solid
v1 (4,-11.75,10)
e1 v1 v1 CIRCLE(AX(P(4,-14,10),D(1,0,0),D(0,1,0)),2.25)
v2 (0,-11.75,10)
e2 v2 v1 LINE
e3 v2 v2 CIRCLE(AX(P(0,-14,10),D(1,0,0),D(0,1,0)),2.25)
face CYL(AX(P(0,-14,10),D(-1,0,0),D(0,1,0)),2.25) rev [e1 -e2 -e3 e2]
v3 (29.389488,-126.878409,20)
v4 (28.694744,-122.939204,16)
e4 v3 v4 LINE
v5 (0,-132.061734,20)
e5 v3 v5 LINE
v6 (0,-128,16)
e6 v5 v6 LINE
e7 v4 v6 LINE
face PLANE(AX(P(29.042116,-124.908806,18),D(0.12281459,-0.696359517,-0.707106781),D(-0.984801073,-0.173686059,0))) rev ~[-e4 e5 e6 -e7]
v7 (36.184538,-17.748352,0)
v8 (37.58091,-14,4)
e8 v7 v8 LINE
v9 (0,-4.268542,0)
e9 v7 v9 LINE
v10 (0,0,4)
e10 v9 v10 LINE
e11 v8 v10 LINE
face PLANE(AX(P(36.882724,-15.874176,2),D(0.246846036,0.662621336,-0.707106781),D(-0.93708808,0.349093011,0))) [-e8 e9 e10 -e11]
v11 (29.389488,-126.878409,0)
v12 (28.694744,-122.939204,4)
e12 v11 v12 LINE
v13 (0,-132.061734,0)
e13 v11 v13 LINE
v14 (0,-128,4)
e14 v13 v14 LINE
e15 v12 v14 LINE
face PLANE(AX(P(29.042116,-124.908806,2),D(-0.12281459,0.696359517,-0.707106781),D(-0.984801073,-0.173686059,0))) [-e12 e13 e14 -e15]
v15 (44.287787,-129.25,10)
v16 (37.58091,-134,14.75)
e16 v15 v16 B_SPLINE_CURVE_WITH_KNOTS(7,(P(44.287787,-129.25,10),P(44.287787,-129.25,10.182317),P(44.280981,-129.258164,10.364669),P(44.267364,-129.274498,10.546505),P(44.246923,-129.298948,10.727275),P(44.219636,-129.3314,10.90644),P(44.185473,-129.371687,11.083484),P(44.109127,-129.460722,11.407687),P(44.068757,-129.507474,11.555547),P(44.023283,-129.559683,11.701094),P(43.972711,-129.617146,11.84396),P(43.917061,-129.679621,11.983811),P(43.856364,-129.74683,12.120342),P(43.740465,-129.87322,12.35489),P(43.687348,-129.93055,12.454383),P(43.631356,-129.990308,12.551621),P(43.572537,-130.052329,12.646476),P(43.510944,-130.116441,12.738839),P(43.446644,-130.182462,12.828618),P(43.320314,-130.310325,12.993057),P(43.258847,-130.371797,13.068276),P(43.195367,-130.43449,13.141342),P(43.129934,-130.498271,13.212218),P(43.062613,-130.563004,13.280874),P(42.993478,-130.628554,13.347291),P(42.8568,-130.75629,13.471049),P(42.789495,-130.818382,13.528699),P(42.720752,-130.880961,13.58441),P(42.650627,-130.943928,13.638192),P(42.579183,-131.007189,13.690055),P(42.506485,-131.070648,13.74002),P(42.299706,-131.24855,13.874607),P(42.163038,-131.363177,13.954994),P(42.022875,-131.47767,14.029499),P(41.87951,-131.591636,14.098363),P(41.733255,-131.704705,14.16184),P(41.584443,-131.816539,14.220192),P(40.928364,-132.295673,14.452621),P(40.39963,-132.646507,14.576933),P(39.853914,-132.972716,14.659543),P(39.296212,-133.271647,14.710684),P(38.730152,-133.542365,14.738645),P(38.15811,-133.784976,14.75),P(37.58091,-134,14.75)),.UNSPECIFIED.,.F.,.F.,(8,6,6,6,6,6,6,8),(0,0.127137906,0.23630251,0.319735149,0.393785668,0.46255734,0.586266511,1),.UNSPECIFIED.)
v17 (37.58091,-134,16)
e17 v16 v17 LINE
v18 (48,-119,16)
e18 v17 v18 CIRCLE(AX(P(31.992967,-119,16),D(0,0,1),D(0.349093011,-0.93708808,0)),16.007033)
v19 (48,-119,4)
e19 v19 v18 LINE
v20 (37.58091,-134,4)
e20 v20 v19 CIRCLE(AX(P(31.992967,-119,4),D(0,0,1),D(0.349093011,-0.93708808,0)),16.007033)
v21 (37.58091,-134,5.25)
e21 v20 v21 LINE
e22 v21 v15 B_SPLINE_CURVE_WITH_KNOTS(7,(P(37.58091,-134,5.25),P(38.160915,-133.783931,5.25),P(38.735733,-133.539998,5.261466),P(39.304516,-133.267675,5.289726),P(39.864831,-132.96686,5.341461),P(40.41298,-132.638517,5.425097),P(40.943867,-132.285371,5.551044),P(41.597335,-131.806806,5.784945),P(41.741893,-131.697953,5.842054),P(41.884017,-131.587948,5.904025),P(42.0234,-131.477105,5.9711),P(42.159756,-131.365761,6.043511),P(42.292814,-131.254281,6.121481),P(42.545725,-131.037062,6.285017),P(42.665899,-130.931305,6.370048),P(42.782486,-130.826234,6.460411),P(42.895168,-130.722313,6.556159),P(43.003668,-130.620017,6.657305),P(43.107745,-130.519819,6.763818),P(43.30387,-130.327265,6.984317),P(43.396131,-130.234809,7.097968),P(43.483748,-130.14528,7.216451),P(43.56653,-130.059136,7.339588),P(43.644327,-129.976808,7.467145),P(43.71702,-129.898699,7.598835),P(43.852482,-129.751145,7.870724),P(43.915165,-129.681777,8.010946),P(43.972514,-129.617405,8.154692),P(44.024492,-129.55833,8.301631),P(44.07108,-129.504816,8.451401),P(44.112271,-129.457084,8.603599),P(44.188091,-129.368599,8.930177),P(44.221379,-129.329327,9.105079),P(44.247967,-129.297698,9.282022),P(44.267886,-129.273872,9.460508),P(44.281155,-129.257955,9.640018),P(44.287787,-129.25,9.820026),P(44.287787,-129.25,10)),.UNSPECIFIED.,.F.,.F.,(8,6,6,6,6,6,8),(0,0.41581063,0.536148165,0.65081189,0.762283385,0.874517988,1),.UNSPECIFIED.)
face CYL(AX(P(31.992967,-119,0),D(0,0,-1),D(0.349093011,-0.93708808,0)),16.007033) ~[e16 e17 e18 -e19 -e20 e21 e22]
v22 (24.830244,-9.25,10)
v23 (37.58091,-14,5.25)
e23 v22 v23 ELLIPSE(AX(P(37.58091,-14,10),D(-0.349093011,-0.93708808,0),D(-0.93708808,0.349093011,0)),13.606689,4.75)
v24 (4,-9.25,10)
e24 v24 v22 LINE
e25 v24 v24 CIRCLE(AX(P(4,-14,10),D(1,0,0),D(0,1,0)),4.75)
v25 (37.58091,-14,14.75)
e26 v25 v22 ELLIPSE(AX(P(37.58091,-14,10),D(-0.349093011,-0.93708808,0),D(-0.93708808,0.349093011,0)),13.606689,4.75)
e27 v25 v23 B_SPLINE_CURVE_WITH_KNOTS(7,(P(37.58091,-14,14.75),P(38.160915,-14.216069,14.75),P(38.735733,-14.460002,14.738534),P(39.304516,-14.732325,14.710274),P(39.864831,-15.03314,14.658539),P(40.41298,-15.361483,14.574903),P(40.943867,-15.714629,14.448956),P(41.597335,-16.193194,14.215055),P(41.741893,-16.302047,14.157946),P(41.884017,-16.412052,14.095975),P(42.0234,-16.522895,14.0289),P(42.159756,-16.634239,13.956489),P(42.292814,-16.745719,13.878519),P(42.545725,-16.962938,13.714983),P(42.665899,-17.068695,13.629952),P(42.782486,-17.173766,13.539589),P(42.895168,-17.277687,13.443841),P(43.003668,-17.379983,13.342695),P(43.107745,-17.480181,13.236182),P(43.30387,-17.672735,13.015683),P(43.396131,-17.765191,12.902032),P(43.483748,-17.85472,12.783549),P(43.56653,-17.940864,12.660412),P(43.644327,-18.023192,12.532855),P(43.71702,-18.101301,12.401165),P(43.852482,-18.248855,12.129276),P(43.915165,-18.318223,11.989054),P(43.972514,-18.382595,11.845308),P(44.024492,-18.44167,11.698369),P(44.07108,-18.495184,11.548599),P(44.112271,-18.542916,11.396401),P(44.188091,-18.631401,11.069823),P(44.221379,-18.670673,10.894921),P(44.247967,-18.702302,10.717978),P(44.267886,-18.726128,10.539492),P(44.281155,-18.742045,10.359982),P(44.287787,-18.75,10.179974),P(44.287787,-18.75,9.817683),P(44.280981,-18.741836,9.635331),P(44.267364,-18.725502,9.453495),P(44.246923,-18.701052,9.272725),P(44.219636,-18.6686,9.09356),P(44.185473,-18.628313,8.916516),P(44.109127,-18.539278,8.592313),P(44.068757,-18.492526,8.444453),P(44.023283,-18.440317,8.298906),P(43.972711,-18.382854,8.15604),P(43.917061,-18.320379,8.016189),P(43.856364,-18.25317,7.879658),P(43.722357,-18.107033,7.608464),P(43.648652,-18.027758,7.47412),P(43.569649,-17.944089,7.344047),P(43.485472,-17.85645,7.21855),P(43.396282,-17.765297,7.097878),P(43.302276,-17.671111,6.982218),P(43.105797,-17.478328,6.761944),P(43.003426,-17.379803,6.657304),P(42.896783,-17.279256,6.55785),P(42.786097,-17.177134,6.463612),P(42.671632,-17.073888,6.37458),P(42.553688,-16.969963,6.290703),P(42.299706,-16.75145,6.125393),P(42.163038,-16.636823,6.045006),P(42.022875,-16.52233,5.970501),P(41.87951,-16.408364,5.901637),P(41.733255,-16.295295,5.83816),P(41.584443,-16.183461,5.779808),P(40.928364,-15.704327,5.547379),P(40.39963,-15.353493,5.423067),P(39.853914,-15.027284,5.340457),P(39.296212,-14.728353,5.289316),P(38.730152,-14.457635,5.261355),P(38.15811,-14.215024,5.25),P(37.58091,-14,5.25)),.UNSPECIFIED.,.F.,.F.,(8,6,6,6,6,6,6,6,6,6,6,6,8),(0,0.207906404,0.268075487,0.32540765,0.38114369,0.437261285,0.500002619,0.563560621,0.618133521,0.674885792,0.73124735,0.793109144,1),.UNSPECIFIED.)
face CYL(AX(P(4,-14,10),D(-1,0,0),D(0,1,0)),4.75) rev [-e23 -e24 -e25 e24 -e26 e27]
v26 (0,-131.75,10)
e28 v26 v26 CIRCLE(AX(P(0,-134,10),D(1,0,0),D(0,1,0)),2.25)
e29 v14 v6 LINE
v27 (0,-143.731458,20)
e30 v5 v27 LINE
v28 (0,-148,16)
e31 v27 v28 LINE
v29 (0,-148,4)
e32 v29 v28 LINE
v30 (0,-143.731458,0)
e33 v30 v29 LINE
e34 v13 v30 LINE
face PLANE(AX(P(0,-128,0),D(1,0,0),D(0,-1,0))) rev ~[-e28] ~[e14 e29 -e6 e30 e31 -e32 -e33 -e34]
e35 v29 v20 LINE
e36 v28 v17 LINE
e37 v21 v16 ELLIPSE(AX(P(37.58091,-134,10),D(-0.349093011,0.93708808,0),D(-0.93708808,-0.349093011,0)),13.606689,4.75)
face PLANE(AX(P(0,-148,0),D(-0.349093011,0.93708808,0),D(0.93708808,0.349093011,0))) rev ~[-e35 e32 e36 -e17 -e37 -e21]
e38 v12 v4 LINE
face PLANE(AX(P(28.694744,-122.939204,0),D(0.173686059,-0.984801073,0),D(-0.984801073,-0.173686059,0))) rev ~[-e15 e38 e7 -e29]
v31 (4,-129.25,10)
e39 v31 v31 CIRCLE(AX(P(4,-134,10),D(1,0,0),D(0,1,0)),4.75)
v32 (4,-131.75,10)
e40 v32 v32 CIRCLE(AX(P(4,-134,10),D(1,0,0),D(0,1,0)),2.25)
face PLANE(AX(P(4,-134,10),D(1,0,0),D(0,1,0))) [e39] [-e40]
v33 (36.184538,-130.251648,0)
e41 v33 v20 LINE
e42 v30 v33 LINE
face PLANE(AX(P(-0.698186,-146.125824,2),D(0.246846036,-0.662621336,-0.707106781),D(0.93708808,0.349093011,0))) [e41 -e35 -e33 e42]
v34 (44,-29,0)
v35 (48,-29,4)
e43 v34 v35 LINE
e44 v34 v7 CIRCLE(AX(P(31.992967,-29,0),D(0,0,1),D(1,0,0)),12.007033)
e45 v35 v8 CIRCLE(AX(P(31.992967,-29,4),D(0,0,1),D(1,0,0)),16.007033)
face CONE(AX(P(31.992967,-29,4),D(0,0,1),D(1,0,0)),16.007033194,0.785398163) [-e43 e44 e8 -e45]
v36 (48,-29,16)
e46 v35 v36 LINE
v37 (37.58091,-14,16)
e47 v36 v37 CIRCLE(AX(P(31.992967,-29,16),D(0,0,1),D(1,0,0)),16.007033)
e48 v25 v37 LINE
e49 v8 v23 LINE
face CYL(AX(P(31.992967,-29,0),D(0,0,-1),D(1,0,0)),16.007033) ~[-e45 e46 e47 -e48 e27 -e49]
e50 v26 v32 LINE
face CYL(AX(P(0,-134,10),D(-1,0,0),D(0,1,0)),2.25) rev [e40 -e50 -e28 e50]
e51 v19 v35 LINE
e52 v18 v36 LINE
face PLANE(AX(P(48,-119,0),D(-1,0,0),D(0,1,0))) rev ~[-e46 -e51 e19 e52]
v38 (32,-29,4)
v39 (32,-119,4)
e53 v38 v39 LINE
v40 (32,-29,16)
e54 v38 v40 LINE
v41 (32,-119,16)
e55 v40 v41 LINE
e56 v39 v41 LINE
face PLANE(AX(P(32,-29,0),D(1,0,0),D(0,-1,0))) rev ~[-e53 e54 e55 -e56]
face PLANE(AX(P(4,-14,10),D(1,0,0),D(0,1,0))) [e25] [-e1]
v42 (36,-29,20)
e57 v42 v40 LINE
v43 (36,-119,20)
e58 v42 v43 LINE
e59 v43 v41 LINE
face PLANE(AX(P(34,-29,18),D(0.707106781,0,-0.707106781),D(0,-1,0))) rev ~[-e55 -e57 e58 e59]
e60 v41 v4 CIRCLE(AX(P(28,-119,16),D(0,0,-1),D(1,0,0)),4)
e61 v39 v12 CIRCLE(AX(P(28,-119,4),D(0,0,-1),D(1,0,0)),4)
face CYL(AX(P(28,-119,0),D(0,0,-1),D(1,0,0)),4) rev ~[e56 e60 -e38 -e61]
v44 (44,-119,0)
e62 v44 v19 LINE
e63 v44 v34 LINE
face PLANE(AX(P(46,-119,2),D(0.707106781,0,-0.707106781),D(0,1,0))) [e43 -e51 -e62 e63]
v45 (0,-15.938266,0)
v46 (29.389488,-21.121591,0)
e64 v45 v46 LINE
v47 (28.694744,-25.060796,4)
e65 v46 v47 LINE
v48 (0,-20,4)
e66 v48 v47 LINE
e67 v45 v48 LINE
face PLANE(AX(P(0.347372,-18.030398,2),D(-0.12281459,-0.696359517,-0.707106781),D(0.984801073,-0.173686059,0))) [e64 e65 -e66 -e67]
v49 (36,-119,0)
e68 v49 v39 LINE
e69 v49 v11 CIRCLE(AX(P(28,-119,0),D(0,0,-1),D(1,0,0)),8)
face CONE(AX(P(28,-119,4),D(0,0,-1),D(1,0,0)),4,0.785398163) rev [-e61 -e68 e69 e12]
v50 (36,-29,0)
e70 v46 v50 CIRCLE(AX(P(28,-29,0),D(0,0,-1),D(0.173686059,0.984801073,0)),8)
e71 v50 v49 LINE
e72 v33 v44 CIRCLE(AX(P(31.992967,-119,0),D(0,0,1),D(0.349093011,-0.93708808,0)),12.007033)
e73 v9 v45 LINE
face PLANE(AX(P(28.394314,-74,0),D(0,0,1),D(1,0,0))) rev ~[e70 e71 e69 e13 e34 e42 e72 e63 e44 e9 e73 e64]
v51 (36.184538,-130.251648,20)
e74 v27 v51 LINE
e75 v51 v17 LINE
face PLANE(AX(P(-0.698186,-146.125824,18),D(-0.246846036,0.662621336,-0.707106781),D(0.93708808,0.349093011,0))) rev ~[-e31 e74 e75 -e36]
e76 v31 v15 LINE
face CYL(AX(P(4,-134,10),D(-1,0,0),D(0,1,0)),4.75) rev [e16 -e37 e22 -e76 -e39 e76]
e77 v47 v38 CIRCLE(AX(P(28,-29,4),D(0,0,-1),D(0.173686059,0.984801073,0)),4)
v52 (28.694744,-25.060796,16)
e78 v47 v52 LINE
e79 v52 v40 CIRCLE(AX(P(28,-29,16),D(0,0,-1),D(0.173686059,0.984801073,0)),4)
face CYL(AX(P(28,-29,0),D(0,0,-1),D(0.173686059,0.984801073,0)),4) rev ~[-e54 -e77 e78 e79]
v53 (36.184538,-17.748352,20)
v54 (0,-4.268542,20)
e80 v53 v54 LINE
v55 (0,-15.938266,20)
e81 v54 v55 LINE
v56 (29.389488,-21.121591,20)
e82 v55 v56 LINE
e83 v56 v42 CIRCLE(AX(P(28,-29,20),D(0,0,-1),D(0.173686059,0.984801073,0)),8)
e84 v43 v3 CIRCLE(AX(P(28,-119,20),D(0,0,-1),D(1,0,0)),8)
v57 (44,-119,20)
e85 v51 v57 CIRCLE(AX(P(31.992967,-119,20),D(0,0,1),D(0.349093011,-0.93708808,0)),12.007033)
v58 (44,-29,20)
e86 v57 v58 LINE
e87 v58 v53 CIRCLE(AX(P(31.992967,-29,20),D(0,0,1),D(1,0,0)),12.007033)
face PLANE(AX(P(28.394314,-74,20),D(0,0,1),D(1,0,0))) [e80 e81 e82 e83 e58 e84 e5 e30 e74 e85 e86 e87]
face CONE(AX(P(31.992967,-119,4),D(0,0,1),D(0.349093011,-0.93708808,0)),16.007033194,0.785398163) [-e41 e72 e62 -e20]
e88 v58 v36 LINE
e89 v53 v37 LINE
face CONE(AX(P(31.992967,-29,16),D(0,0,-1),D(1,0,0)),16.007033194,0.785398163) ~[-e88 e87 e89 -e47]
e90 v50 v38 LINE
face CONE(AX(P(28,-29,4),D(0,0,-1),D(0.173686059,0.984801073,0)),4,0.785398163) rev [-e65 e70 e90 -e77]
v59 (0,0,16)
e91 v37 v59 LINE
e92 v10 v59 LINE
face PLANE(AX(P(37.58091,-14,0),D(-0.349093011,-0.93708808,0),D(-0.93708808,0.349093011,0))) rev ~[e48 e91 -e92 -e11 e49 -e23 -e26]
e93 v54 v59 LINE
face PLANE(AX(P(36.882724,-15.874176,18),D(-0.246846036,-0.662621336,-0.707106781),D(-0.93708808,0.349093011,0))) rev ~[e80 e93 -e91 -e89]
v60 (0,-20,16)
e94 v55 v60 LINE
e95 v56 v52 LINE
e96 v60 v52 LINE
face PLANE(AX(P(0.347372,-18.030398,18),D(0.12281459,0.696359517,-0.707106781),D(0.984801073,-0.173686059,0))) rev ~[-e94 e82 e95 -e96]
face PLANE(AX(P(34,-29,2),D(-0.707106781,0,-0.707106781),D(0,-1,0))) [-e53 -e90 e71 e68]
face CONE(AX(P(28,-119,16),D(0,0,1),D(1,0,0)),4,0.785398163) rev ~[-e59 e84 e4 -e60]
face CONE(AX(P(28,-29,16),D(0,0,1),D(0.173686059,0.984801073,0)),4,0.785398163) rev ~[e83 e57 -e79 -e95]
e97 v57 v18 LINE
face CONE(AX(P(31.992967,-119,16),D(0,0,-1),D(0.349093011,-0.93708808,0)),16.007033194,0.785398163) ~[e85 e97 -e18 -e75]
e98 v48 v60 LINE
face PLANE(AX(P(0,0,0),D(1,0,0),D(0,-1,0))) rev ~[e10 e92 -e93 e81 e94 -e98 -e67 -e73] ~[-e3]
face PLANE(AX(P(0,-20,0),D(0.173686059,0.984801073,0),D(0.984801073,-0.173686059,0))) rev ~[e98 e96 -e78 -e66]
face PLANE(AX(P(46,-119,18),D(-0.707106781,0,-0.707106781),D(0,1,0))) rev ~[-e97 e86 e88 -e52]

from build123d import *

# Parameters (mm, degrees)
F1_DEPTH = 20
F2_R     = 2.25
F3_DEPTH = 41.6719115054
F4_START = 4
F2_R_2   = 4.75
F4_DEPTH = 40.2887874281
F5_SIZE  = 4


with BuildPart() as f1:
    # F0 (on Top) → F1 (new body)
    with BuildSketch(Plane.XY):
        with BuildLine():
            Line((37.580910226, -14), (0, 0))
            Line((0, 0), (0, -20))
            Line((0, -20), (28.6947442364, -25.060795709))
            ThreePointArc((28.6947442364, -25.060795709), (31.0642272228, -26.428908495), (32, -29))
            Line((32, -29), (32, -119))
            ThreePointArc((32, -119), (31.0642272228, -121.571091505), (28.6947442364, -122.939204291))
            Line((28.6947442364, -122.939204291), (0, -128))
            Line((0, -128), (0, -148))
            Line((0, -148), (37.580910226, -134))
            ThreePointArc((37.580910226, -134), (45.1396680554, -128.1317773697), (48, -119))
            Line((48, -119), (48, -29))
            ThreePointArc((48, -29), (45.1396680554, -19.8682226303), (37.580910226, -14))
        make_face()
    extrude(amount=F1_DEPTH)

    # F2 (on Right) → F3 (cut, through all)
    with BuildSketch(Plane.YZ):
        with Locations((-14, 10)):
            Circle(F2_R)
        with Locations((-134, 10)):
            Circle(F2_R)
    extrude(amount=F3_DEPTH, mode=Mode.SUBTRACT)

    # F2 (on Right) → F4 (cut)
    with BuildSketch(Plane.YZ.offset(F4_START)):
        with Locations((-14, 10)):
            Circle(F2_R_2)
        with Locations((-14, 10)):
            Circle(F2_R, mode=Mode.SUBTRACT)
        with Locations((-134, 10)):
            Circle(F2_R_2)
        with Locations((-134, 10)):
            Circle(F2_R, mode=Mode.SUBTRACT)
    extrude(amount=F4_DEPTH, mode=Mode.SUBTRACT)

    # F5
    f5_edges = [f1.edges().sort_by_distance(p)[0] for p in [
        (31.064227, -26.428908, 20),
        (45.139668, -19.868223, 20),
        (31.064227, -26.428908, 0),
        (45.139668, -19.868223, 0),
    ]]
    chamfer(f5_edges, length=F5_SIZE)


solid = f1.part
